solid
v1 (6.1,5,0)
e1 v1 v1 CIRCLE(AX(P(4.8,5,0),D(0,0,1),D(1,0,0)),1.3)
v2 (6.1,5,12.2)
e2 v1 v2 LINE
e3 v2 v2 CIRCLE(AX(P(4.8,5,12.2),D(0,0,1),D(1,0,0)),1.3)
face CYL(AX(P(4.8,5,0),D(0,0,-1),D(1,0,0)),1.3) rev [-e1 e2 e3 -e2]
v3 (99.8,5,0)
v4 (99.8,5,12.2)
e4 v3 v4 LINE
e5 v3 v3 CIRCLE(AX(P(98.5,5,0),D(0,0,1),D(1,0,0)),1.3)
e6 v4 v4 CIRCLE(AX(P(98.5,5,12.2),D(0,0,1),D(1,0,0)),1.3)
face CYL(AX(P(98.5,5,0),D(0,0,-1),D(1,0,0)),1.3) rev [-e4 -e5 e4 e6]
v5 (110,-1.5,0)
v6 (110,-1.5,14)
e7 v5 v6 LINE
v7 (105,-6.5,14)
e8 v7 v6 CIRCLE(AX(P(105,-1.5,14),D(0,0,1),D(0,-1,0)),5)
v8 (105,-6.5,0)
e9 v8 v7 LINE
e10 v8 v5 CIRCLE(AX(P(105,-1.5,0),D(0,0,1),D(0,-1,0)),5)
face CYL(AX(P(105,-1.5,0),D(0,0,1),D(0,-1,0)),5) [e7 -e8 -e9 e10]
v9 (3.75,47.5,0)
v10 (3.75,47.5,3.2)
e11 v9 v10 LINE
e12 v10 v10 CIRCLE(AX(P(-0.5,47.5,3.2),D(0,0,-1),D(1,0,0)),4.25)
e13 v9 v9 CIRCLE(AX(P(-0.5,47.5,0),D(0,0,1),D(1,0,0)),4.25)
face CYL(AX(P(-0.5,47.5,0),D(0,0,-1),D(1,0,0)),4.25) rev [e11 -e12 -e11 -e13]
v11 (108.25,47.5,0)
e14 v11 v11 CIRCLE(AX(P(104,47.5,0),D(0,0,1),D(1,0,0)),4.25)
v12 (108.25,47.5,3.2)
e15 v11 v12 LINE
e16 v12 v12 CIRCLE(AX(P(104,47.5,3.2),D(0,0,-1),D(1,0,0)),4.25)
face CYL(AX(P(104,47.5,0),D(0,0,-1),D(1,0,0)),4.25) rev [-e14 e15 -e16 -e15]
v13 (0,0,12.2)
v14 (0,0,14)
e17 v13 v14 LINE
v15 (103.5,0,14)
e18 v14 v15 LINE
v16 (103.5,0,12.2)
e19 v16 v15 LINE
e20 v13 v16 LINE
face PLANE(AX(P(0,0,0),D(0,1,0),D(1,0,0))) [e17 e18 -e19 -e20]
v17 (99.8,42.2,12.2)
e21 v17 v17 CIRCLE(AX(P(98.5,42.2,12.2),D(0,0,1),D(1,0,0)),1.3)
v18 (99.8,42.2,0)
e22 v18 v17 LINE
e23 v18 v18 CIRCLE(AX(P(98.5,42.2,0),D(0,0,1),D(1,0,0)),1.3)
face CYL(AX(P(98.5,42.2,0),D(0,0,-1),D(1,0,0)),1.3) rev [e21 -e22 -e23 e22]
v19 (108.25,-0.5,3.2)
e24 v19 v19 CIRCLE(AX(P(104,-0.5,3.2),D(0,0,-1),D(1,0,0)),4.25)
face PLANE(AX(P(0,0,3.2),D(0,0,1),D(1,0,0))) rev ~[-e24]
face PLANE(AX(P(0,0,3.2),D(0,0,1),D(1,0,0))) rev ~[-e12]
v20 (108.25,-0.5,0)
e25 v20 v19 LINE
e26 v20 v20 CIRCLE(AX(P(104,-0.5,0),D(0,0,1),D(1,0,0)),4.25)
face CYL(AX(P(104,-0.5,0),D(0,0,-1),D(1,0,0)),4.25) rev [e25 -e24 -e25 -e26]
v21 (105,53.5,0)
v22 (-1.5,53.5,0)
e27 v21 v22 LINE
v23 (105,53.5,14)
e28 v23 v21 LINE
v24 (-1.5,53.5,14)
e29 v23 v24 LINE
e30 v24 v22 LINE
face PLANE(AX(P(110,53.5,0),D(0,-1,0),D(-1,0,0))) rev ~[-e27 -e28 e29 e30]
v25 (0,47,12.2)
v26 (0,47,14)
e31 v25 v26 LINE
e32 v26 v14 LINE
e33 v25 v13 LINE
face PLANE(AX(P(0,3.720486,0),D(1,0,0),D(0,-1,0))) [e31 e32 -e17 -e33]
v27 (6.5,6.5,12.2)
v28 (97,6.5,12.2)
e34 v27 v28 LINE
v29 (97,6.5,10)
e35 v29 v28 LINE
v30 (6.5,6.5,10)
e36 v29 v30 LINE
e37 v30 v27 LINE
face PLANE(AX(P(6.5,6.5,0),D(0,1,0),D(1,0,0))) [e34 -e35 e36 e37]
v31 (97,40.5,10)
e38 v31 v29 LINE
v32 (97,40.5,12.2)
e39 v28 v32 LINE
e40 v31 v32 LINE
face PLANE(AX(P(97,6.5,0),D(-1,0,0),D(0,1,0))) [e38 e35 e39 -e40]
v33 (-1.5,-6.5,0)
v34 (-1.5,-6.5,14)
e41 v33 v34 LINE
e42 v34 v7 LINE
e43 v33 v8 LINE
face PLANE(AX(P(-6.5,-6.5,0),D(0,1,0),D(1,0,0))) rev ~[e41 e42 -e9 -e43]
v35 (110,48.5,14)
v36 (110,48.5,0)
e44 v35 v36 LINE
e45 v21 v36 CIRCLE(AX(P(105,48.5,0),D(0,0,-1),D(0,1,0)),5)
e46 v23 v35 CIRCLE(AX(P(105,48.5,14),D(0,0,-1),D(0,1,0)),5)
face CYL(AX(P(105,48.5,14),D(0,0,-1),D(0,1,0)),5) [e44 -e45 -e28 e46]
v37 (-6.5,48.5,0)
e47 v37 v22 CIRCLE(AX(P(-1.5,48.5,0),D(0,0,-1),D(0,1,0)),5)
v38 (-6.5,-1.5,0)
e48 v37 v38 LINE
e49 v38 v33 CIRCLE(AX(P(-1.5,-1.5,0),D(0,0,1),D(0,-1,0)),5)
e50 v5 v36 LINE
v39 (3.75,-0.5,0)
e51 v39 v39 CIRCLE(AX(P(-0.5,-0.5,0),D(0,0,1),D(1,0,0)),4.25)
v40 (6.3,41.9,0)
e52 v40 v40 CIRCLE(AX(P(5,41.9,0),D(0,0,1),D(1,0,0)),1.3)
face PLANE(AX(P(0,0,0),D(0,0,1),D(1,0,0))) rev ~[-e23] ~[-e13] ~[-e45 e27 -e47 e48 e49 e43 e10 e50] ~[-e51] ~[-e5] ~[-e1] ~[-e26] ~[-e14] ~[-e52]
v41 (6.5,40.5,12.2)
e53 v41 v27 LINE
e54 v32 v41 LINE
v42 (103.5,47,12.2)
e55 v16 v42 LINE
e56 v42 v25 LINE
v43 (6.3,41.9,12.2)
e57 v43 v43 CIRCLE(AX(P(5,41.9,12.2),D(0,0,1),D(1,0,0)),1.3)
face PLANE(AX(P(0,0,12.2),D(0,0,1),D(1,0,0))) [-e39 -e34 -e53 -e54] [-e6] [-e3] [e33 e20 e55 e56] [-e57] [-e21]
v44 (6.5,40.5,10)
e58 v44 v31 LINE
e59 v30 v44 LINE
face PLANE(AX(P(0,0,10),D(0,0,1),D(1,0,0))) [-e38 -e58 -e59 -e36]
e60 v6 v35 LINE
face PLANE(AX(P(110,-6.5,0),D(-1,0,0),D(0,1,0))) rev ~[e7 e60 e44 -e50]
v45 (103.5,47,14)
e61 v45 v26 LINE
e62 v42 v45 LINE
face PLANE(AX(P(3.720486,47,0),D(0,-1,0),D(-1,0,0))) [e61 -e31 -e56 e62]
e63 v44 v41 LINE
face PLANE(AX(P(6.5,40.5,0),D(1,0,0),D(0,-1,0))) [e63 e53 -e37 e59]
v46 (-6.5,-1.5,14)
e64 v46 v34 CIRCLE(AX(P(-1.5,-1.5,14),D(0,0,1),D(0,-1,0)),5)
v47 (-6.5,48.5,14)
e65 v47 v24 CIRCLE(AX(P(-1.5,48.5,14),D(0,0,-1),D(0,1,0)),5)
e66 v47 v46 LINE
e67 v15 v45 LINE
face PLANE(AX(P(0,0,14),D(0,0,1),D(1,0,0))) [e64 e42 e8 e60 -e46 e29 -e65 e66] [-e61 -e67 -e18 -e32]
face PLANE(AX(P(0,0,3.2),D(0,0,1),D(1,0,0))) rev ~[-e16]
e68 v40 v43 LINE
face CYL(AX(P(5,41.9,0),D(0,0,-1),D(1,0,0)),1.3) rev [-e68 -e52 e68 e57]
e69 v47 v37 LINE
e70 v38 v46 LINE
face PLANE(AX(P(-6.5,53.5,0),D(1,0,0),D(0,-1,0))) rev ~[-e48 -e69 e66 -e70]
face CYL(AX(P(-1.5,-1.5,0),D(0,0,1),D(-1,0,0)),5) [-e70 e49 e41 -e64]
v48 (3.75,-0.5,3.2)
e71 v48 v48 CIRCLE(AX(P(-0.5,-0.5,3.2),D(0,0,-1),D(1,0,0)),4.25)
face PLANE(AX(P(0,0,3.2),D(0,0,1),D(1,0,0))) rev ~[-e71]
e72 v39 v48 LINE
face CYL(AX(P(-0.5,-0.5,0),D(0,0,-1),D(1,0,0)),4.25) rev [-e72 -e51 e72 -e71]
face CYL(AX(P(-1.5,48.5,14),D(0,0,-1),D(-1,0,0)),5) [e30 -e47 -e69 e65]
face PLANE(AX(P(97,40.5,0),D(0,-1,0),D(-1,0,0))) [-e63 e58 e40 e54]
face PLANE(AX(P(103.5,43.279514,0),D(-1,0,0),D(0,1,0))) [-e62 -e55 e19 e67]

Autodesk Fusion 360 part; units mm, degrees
sketch "Sketch1" plane through (0, 0, 0) normal (0, 0, 1) x (1, 0, 0)
  line L0 (0, 0) -> (103.5, 0)
  line L1 (103.5, 0) -> (103.5, 47)
  line L2 (103.5, 47) -> (0, 47)
  line L3 (0, 47) -> (0, 0)
  line L4 (-6.5, -6.5) -> (110, -6.5)
  line L5 (110, -6.5) -> (110, 53.5)
  line L6 (110, 53.5) -> (-6.5, 53.5)
  line L7 (-6.5, 53.5) -> (-6.5, -6.5)
  line L8 (0, 0) -> (7.051, 0) construction
  circle A0 centre (4.8, 5) radius 1.3
  circle A1 centre (5, 41.9) radius 1.3
  circle A2 centre (98.5, 42.2) radius 1.3
  circle A3 centre (98.5, 5) radius 1.3
  circle A4 centre (-0.5, -0.5) radius 4.25
  circle A5 centre (104, -0.5) radius 4.25
  circle A6 centre (-0.5, 47.5) radius 4.25
  circle A7 centre (104, 47.5) radius 4.25
  line L9 (6.5, 6.5) -> (97, 6.5)
  line L10 (97, 6.5) -> (97, 40.5)
  line L11 (97, 40.5) -> (6.5, 40.5)
  line L12 (6.5, 40.5) -> (6.5, 6.5)
  dimension "d1" = 103.5
  dimension "d2" = 47
  dimension "d3" = 6.5
  dimension "d6" = 2.6
  dimension "d7" = 2.6
  dimension "d9" = 2.6
  dimension "d11" = 2.6
  dimension "d20" = 5
  dimension "d21" = 5.1
  dimension "d22" = 5
  dimension "d23" = 4.8
  dimension "d24" = 5
  dimension "d25" = 5
  dimension "d26" = 4.8
  dimension "d27" = 5
  dimension "d30" = 8.5
  dimension "d31" = 8.5
  dimension "d32" = 8.5
  dimension "d33" = 8.5
  dimension "d34" = 6
  dimension "d36" = 6
  dimension "d37" = 6
  dimension "d38" = 6
  dimension "d39" = 6
  dimension "d40" = 6
  dimension "d41" = 6
  dimension "d42" = 6
  dimension "d45" = -6.5
extrude "Extrude1" add sketch "Sketch1" along normal blind 10 contours L0 L3 A4 | L0 L3 A4 | L0 L1 L2 L3 A4 A5 A6 A7 | L0 L1 A5 | L0 L1 A5 | L2 L3 A6 | L2 L3 A6 | L1 L2 A7 | L1 L2 A7 | L4 L5 L6 L7 | L9 L10 L11 L12
extrude "Extrude2" add sketch "Sketch1" along normal blind 14 contours L0 L3 A4 | L0 L1 A5 | L2 L3 A6 | L1 L2 A7 | L4 L5 L6 L7 picked at (-2.4457, -2.2102) picked at (105.7715, -2.3893) picked at (-2.4457, 49.2102) picked at (105.7715, 49.3893)
extrude "Extrusion4" add sketch "Sketch1" along normal blind 12.2 contours L0 L3 A4 | L0 L1 L2 L3 A4 A5 A6 A7 | L0 L1 A5 | L2 L3 A6 | L1 L2 A7 picked at (1.6646, 1.6646) picked at (101.8354, 1.6646) picked at (1.6646, 45.3354) picked at (101.8354, 45.3354)
fillet "Fillet1" radius 5 4 edges at (-6.5, 53.5, 7) (110, 53.5, 7) (110, -6.5, 7) (-6.5, -6.5, 7)
extrude "Extrusion3" cut sketch "Sketch1" along normal blind 3.2 contours L0 L3 A4 | L0 L3 A4 | L0 L1 A5 | L0 L1 A5 | L2 L3 A6 | L2 L3 A6 | L1 L2 A7 | L1 L2 A7
